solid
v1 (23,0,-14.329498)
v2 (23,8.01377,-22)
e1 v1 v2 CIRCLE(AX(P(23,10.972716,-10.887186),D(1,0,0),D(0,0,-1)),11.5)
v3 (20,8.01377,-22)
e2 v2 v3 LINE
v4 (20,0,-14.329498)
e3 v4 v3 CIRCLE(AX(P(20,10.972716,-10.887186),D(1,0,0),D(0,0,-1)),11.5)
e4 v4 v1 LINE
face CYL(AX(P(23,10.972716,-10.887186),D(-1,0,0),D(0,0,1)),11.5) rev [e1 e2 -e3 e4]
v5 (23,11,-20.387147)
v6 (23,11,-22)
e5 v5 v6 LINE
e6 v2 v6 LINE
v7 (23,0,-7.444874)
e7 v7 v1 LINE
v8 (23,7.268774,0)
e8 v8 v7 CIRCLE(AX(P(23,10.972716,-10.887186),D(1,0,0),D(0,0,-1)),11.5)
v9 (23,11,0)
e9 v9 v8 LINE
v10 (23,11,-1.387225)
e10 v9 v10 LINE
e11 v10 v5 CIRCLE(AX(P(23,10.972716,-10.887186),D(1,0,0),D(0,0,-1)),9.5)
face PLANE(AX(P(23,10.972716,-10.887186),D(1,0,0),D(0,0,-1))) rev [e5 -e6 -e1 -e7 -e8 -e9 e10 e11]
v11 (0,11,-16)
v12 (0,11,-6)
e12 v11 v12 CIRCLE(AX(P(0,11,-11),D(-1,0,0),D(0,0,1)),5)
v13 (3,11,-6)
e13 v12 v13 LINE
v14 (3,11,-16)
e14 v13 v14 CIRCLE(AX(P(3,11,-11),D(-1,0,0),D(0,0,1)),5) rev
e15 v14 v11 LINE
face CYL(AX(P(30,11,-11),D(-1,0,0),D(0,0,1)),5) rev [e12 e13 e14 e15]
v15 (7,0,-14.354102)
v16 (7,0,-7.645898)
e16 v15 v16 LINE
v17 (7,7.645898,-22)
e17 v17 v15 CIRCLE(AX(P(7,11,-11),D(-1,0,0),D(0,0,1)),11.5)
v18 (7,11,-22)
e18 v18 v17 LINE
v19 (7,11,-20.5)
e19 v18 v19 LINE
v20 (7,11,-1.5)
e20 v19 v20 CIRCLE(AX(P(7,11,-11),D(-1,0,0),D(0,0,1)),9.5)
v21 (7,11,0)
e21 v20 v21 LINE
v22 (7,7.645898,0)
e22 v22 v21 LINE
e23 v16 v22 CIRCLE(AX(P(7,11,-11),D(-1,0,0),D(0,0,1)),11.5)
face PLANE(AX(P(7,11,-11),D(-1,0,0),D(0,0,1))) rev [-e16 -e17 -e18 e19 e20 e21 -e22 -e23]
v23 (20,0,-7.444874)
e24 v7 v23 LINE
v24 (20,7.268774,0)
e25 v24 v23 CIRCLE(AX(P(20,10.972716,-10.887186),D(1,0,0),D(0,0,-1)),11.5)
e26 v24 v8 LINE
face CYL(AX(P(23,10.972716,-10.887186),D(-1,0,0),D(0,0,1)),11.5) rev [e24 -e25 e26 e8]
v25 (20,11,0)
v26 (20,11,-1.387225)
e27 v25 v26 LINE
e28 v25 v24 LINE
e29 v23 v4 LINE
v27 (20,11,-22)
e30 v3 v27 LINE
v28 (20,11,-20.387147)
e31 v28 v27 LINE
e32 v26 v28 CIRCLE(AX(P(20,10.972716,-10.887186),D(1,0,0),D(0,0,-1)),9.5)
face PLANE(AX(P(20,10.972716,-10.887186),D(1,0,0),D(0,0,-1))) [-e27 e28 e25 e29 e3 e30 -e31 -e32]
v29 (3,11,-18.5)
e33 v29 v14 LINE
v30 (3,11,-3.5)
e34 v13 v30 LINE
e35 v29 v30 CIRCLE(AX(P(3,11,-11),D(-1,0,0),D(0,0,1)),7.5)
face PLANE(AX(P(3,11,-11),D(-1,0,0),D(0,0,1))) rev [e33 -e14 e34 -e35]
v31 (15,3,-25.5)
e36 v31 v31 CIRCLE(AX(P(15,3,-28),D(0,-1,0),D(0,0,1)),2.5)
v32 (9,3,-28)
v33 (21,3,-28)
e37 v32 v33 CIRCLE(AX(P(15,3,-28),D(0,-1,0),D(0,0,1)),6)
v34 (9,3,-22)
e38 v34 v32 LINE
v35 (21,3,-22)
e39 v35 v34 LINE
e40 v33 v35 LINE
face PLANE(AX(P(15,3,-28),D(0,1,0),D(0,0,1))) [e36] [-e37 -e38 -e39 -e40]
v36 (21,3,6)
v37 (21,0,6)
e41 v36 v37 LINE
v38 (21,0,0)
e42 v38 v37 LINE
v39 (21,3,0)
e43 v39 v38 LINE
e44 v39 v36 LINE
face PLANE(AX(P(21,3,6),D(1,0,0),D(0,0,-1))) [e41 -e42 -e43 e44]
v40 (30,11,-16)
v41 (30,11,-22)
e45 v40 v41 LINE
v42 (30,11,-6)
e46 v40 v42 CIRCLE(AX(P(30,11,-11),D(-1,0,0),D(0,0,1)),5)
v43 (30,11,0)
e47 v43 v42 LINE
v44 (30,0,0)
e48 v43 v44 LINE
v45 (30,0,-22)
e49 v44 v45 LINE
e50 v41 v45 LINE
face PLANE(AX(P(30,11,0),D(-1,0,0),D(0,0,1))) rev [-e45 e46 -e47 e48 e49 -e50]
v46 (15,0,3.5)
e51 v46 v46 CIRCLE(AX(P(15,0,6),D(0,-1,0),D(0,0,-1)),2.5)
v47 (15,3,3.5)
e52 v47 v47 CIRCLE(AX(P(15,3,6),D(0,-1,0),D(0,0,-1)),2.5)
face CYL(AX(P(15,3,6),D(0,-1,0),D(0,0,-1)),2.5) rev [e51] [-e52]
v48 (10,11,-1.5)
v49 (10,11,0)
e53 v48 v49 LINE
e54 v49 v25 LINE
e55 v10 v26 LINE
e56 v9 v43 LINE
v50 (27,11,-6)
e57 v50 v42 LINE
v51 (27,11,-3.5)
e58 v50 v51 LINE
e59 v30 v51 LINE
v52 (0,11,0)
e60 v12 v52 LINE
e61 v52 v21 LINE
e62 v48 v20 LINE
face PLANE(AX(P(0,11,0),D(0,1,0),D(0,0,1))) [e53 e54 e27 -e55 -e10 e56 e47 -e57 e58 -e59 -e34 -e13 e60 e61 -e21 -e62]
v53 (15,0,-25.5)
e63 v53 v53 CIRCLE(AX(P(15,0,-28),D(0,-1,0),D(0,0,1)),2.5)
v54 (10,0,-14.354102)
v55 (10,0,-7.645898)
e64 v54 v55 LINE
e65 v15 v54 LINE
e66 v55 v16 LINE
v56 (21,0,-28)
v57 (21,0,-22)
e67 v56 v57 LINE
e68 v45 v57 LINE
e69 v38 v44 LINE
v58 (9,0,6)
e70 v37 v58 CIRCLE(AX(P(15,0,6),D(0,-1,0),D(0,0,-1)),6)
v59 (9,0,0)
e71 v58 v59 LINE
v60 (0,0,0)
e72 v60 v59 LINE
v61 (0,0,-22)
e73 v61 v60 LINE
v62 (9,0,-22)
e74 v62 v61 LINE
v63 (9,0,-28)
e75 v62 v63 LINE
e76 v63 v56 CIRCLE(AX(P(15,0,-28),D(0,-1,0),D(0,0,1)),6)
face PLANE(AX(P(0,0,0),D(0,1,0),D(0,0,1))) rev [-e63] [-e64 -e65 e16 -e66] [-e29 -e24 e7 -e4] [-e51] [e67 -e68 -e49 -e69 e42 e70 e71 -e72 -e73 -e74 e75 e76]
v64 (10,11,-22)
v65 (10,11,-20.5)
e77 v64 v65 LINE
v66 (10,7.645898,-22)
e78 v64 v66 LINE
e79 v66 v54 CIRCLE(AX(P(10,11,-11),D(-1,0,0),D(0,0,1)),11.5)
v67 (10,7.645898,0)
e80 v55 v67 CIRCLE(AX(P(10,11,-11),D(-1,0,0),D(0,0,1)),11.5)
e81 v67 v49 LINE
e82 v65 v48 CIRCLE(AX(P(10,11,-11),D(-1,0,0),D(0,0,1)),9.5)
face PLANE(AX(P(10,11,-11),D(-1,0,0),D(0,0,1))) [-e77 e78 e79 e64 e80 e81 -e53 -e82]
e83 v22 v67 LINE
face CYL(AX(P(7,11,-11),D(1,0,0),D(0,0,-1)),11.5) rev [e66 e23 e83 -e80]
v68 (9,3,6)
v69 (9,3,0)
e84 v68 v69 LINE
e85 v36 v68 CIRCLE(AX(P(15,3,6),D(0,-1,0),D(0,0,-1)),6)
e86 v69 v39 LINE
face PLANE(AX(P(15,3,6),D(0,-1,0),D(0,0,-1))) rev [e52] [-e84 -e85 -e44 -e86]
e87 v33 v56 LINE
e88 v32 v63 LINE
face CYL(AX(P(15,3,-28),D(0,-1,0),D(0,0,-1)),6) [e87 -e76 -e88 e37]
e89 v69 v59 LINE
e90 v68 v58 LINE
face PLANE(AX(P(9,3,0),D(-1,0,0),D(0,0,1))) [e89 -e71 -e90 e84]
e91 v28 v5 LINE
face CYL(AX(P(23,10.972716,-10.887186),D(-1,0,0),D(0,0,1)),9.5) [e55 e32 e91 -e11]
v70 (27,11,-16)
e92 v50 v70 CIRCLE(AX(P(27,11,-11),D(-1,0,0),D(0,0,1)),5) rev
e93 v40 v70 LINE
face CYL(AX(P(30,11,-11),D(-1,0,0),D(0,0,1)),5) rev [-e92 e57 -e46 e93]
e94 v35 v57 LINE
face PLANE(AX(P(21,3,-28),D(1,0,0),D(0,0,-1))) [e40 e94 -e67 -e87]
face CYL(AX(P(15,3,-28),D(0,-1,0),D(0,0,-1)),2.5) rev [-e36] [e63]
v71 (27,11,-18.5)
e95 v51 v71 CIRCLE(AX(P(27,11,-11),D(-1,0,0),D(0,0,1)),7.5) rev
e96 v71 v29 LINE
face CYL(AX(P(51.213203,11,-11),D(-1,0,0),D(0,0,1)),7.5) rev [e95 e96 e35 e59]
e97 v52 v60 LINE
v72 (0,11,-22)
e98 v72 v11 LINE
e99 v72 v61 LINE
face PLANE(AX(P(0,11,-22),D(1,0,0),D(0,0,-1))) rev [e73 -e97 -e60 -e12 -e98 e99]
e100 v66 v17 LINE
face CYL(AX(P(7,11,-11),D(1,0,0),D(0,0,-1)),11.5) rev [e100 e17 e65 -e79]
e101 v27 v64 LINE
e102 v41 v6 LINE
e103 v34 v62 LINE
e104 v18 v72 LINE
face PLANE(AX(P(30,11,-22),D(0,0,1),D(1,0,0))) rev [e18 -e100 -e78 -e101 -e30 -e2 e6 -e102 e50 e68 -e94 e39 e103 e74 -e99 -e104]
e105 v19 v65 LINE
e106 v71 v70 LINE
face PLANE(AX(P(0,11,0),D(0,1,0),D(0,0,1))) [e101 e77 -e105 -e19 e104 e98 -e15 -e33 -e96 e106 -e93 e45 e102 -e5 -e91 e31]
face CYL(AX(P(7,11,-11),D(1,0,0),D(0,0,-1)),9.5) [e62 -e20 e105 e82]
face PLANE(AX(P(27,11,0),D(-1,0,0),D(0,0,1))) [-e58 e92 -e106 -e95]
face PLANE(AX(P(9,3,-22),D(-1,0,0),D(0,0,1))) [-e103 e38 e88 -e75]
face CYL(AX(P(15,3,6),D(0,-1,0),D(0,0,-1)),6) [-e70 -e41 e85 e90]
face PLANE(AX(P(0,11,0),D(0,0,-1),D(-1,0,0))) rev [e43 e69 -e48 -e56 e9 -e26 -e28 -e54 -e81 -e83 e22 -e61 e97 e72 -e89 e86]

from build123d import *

# Parameters (mm, degrees)
CROQUIS1_W              = 30
CROQUIS1_H              = 22
SALIENTE_EXTRUIR1_DEPTH = 11
CROQUIS2_R              = 2.5
SALIENTE_EXTRUIR2_DEPTH = 3
CROQUIS3_R              = 5
CORTAR_EXTRUIR1_DEPTH   = 31
CROQUIS4_R              = 11.5
CROQUIS4_R_2            = 9.5
CORTAR_EXTRUIR13_DEPTH  = 3
CROQUIS6_R              = 11.5
CROQUIS6_R_2            = 9.5
CORTAR_EXTRUIR14_DEPTH  = 3
CROQUIS7_R              = 7.5
CORTAR_EXTRUIR15_DEPTH  = 24


with BuildPart() as part:
    # Croquis1 → Saliente-Extruir1 (new body)
    with BuildSketch(Plane(origin=(0, 0, 0), x_dir=(1, 0, 0), z_dir=(0, 1, 0))):
        with Locations((15, 11)):
            Rectangle(CROQUIS1_W, CROQUIS1_H)
    extrude(amount=SALIENTE_EXTRUIR1_DEPTH)

    # Croquis2 → Saliente-Extruir2 (add)
    with BuildSketch(Plane.XZ):
        with BuildLine():
            Line((21, 6), (21, 0))
            Line((21, 0), (9, 0))
            Line((9, 0), (9, 6))
            ThreePointArc((9, 6), (15, 12), (21, 6))
        make_face()
        with Locations((15, 6)):
            Circle(CROQUIS2_R, mode=Mode.SUBTRACT)
        with BuildLine():
            Line((9, -22), (9, -28))
            ThreePointArc((9, -28), (15, -34), (21, -28))
            Line((21, -28), (21, -22))
            Line((21, -22), (9, -22))
        make_face()
        with Locations((15, -28)):
            Circle(CROQUIS2_R, mode=Mode.SUBTRACT)
    extrude(amount=-SALIENTE_EXTRUIR2_DEPTH)

    # Croquis3 → Cortar-Extruir1 (cut, through all)
    with BuildSketch(Plane.ZY):
        with Locations((-11, 11)):
            Circle(CROQUIS3_R)
    extrude(amount=-CORTAR_EXTRUIR1_DEPTH, mode=Mode.SUBTRACT)

    # Croquis4 → Cortar-Extruir13 (cut)
    with BuildSketch(Plane.ZY.offset(-10)):
        with Locations((-11, 11)):
            Circle(CROQUIS4_R)
        with Locations((-11, 11)):
            Circle(CROQUIS4_R_2, mode=Mode.SUBTRACT)
    extrude(amount=CORTAR_EXTRUIR13_DEPTH, mode=Mode.SUBTRACT)

    # Croquis6 → Cortar-Extruir14 (cut)
    with BuildSketch(Plane(origin=(20, 0, 0), x_dir=(0, 0, -1), z_dir=(1, 0, 0))):
        with Locations((10.887185848, 10.972715561)):
            Circle(CROQUIS6_R)
        with Locations((10.887185848, 10.972715561)):
            Circle(CROQUIS6_R_2, mode=Mode.SUBTRACT)
    extrude(amount=CORTAR_EXTRUIR14_DEPTH, mode=Mode.SUBTRACT)

    # Croquis7 → Cortar-Extruir15 (cut)
    with BuildSketch(Plane.ZY.offset(-3)):
        with Locations((-11, 11)):
            Circle(CROQUIS7_R)
    extrude(amount=-CORTAR_EXTRUIR15_DEPTH, mode=Mode.SUBTRACT)


solid = part.part
